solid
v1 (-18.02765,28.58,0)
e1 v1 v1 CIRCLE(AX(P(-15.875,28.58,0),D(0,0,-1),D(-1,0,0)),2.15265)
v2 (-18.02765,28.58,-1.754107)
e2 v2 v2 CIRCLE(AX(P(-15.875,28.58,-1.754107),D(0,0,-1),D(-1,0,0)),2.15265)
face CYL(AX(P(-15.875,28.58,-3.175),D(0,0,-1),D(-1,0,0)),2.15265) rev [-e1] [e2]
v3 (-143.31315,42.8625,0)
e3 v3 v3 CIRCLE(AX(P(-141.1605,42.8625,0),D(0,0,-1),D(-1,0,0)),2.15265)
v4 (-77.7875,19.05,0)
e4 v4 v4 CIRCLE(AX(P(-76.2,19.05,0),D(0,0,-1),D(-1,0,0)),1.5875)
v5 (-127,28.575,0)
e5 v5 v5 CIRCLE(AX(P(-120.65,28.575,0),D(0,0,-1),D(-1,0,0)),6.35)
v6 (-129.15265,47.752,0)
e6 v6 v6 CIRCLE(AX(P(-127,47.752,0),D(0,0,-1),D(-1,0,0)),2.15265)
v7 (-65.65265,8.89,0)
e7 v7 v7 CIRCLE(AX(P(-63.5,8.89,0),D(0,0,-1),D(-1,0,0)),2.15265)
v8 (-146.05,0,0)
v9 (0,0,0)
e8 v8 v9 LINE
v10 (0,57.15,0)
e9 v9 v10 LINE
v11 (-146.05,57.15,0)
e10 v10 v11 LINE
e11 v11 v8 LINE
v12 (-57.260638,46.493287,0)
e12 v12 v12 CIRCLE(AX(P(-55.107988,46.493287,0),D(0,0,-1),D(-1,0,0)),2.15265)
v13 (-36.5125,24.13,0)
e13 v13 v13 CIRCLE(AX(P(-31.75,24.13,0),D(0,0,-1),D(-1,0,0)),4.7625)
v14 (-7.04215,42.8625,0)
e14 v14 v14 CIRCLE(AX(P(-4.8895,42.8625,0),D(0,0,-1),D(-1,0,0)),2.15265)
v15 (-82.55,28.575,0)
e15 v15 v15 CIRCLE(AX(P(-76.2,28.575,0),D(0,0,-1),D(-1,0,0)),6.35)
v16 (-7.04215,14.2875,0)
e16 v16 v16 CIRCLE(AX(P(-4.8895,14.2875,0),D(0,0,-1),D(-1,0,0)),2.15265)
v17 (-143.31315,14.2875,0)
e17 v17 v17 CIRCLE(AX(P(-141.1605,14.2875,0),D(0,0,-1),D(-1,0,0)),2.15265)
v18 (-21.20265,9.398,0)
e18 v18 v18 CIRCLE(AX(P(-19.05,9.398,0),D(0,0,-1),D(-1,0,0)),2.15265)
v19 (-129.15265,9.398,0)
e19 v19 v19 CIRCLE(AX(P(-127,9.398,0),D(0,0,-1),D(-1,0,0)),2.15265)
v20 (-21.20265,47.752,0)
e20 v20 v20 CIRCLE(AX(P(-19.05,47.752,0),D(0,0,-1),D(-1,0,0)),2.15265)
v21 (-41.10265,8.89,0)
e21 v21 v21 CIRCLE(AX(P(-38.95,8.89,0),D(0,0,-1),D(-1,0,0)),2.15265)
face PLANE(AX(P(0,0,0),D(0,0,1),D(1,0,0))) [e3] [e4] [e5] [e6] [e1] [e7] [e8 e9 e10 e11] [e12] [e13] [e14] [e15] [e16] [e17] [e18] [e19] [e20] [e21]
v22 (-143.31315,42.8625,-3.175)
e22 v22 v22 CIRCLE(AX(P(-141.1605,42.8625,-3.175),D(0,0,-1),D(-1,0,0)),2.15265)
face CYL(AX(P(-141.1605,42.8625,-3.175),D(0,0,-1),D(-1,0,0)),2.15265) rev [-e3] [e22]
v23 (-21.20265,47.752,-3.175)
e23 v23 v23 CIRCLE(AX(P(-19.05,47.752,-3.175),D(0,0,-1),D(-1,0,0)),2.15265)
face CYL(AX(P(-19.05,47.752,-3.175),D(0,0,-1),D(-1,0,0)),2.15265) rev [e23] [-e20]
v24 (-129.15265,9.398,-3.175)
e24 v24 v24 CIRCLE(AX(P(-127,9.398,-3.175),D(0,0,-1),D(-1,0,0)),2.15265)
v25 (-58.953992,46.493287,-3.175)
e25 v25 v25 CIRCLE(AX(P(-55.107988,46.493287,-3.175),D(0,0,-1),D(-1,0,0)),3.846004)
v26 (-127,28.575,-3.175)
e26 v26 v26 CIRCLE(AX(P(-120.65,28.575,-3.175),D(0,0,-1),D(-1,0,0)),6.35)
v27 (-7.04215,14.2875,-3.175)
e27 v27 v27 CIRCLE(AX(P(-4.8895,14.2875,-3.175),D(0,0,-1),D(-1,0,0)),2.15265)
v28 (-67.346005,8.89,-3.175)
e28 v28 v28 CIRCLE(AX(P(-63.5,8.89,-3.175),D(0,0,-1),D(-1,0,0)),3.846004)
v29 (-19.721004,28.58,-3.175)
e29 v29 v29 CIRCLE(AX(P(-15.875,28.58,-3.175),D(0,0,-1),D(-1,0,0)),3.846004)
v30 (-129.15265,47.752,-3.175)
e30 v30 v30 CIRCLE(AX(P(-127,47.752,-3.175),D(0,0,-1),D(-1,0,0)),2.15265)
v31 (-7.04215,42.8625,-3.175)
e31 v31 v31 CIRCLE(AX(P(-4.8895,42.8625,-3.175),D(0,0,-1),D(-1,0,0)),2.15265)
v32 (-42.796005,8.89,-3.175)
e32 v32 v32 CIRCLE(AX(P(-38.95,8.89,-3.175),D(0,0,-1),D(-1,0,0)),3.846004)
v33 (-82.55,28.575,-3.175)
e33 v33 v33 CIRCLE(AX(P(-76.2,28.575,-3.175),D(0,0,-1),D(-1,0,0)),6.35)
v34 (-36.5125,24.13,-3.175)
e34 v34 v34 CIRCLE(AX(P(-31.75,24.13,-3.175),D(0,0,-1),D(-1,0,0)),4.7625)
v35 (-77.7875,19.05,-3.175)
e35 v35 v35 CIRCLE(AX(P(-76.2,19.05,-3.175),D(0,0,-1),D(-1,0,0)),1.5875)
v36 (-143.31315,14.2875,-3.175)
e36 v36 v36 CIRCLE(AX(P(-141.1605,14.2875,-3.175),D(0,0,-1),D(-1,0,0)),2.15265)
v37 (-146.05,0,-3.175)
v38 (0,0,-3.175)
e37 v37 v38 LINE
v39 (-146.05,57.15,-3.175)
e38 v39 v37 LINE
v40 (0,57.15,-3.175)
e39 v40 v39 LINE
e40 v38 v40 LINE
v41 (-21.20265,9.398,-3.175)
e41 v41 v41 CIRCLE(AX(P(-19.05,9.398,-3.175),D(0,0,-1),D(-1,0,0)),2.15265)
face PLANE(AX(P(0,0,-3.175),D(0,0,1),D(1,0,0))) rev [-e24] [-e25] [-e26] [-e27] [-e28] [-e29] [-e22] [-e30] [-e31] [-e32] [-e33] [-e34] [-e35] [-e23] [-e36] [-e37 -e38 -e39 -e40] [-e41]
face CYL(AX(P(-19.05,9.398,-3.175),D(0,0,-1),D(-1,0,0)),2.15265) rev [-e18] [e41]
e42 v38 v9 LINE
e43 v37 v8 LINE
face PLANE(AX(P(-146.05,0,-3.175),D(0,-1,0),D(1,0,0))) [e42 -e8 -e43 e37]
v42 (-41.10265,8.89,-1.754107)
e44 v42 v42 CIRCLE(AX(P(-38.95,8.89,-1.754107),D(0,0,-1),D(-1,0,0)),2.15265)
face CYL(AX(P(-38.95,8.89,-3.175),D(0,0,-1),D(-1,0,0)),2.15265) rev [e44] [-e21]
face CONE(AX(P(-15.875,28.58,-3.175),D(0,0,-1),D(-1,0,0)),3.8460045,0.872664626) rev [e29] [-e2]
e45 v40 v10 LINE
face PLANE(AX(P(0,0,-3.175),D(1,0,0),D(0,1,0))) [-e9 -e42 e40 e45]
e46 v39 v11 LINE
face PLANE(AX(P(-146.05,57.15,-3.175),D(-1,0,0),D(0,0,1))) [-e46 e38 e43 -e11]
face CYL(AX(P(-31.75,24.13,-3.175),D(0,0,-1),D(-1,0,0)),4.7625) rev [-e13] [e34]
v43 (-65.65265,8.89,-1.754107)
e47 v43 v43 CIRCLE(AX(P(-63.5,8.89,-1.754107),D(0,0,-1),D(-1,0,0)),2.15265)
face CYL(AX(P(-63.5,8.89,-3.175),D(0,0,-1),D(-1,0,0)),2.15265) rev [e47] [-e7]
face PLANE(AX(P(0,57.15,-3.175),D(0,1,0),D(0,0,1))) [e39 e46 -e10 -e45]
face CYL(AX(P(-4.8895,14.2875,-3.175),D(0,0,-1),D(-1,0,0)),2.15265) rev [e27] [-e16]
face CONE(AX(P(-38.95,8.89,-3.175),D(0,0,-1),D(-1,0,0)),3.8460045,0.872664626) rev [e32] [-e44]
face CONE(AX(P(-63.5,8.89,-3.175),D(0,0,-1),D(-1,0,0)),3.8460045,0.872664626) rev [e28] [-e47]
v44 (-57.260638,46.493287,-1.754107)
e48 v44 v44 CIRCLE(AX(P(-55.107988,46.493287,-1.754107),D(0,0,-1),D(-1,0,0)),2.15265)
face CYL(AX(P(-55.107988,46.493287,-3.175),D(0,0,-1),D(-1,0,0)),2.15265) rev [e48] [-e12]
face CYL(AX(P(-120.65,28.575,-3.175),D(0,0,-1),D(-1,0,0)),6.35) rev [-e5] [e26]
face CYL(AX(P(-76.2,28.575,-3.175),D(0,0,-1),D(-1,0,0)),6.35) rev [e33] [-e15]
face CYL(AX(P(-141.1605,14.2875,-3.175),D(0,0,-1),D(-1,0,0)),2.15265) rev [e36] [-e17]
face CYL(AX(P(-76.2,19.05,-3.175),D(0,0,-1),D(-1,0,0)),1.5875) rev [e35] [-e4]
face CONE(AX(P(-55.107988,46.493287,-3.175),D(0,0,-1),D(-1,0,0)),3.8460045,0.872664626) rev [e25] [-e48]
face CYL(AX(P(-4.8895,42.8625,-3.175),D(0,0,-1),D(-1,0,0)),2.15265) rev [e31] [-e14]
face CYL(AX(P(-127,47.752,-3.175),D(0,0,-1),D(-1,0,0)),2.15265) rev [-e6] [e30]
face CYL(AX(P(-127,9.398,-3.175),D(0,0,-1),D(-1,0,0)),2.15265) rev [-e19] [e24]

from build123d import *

# Parameters (mm, degrees)
SKETCH1_W                                 = 146.05
SKETCH1_H                                 = 57.15
BOSS_EXTRUDE1_DEPTH                       = 3.175
F_6_CLEARANCE_HOLE1_D                     = 4.3053
F_1_2_0_5_DIAMETER_HOLE1_D                = 12.7
F_3_8_0_375_DIAMETER_HOLE1_D              = 9.525
F_1_8_0_125_DIAMETER_HOLE1_D              = 3.175
CSK_FOR_6_FLAT_HEAD_MACHINE_SCREW_2_COUNT = 2
CSK_FOR_6_FLAT_HEAD_MACHINE_SCREW_2_PITCH = 38.528341037
CSK_FOR_6_FLAT_HEAD_MACHINE_SCREW_3_COUNT = 2
CSK_FOR_6_FLAT_HEAD_MACHINE_SCREW_3_PITCH = 51.534810808
CSK_FOR_6_FLAT_HEAD_MACHINE_SCREW_4_COUNT = 2
CSK_FOR_6_FLAT_HEAD_MACHINE_SCREW_4_PITCH = 24.55


with BuildPart() as part:
    # Sketch1 → Boss-Extrude1 (new body)
    with BuildSketch(Plane.XY):
        with Locations((-73.025, 28.575)):
            Rectangle(SKETCH1_W, SKETCH1_H)
    extrude(amount=-BOSS_EXTRUDE1_DEPTH)

    # #6 Clearance Hole1 (through all)
    with Locations(Plane(origin=(0, 0, -3.175), x_dir=(-1, 0, 0), z_dir=(0, 0, -1))):
        with Locations((4.8895, 42.8625), (141.1605, 42.8625), (141.1605, 14.2875), (4.8895, 14.2875), (19.05, 47.752), (19.05, 9.398), (127, 9.398), (127, 47.752)):
            Hole(F_6_CLEARANCE_HOLE1_D / 2)

    # 1/2 (0.5) Diameter Hole1 (through all)
    with Locations(Plane(origin=(0, 0, -3.175), x_dir=(-1, 0, 0), z_dir=(0, 0, -1))):
        with Locations((76.2, 28.575), (120.65, 28.575)):
            Hole(F_1_2_0_5_DIAMETER_HOLE1_D / 2)

    # 3/8 (0.375) Diameter Hole1 (through all)
    with Locations(Plane(origin=(0, 0, -3.175), x_dir=(-1, 0, 0), z_dir=(0, 0, -1))):
        with Locations((31.75, 24.13)):
            Hole(F_3_8_0_375_DIAMETER_HOLE1_D / 2)

    # 1/8 (0.125) Diameter Hole1 (through all)
    with Locations(Plane(origin=(0, 0, -3.175), x_dir=(-1, 0, 0), z_dir=(0, 0, -1))):
        with Locations((76.2, 19.05)):
            Hole(F_1_8_0_125_DIAMETER_HOLE1_D / 2)

    # Sketch14 → CSK for #6 Flat Head Machine Screw (100)2 (revolve, cut)
    with BuildSketch(Plane(origin=(-63.5, 8.89, -3.175), x_dir=(0, 1, 0), z_dir=(1, 0, 0))):
        Polygon((0, 0), (0, 3.175), (2.15265, 3.175), (2.15265, 1.420893136), (3.8460045, 0), align=None)
    csk_for_6_flat_head_machine_screw_100 = revolve(axis=Axis((-63.5, 8.89, -9.525), (0, 0, 1)), mode=Mode.SUBTRACT)

    # CSK for _6 Flat Head Machine Screw _ 2: CSK for #6 Flat Head Machine Screw (100)2 ×2
    with Locations(*[Vector(0.217814006, 0.975990296, 0) * (i * CSK_FOR_6_FLAT_HEAD_MACHINE_SCREW_2_PITCH) for i in range(1, CSK_FOR_6_FLAT_HEAD_MACHINE_SCREW_2_COUNT)]):
        add(csk_for_6_flat_head_machine_screw_100, mode=Mode.SUBTRACT)

    # CSK for _6 Flat Head Machine Screw _ 3: CSK for #6 Flat Head Machine Screw (100)2 ×2
    with Locations(*[Vector(0.924132625, 0.38207184, 0) * (i * CSK_FOR_6_FLAT_HEAD_MACHINE_SCREW_3_PITCH) for i in range(1, CSK_FOR_6_FLAT_HEAD_MACHINE_SCREW_3_COUNT)]):
        add(csk_for_6_flat_head_machine_screw_100, mode=Mode.SUBTRACT)

    # CSK for _6 Flat Head Machine Screw _ 4: CSK for #6 Flat Head Machine Screw (100)2 ×2
    with Locations(*[(i * CSK_FOR_6_FLAT_HEAD_MACHINE_SCREW_4_PITCH, 0, 0) for i in range(1, CSK_FOR_6_FLAT_HEAD_MACHINE_SCREW_4_COUNT)]):
        add(csk_for_6_flat_head_machine_screw_100, mode=Mode.SUBTRACT)


solid = part.part
